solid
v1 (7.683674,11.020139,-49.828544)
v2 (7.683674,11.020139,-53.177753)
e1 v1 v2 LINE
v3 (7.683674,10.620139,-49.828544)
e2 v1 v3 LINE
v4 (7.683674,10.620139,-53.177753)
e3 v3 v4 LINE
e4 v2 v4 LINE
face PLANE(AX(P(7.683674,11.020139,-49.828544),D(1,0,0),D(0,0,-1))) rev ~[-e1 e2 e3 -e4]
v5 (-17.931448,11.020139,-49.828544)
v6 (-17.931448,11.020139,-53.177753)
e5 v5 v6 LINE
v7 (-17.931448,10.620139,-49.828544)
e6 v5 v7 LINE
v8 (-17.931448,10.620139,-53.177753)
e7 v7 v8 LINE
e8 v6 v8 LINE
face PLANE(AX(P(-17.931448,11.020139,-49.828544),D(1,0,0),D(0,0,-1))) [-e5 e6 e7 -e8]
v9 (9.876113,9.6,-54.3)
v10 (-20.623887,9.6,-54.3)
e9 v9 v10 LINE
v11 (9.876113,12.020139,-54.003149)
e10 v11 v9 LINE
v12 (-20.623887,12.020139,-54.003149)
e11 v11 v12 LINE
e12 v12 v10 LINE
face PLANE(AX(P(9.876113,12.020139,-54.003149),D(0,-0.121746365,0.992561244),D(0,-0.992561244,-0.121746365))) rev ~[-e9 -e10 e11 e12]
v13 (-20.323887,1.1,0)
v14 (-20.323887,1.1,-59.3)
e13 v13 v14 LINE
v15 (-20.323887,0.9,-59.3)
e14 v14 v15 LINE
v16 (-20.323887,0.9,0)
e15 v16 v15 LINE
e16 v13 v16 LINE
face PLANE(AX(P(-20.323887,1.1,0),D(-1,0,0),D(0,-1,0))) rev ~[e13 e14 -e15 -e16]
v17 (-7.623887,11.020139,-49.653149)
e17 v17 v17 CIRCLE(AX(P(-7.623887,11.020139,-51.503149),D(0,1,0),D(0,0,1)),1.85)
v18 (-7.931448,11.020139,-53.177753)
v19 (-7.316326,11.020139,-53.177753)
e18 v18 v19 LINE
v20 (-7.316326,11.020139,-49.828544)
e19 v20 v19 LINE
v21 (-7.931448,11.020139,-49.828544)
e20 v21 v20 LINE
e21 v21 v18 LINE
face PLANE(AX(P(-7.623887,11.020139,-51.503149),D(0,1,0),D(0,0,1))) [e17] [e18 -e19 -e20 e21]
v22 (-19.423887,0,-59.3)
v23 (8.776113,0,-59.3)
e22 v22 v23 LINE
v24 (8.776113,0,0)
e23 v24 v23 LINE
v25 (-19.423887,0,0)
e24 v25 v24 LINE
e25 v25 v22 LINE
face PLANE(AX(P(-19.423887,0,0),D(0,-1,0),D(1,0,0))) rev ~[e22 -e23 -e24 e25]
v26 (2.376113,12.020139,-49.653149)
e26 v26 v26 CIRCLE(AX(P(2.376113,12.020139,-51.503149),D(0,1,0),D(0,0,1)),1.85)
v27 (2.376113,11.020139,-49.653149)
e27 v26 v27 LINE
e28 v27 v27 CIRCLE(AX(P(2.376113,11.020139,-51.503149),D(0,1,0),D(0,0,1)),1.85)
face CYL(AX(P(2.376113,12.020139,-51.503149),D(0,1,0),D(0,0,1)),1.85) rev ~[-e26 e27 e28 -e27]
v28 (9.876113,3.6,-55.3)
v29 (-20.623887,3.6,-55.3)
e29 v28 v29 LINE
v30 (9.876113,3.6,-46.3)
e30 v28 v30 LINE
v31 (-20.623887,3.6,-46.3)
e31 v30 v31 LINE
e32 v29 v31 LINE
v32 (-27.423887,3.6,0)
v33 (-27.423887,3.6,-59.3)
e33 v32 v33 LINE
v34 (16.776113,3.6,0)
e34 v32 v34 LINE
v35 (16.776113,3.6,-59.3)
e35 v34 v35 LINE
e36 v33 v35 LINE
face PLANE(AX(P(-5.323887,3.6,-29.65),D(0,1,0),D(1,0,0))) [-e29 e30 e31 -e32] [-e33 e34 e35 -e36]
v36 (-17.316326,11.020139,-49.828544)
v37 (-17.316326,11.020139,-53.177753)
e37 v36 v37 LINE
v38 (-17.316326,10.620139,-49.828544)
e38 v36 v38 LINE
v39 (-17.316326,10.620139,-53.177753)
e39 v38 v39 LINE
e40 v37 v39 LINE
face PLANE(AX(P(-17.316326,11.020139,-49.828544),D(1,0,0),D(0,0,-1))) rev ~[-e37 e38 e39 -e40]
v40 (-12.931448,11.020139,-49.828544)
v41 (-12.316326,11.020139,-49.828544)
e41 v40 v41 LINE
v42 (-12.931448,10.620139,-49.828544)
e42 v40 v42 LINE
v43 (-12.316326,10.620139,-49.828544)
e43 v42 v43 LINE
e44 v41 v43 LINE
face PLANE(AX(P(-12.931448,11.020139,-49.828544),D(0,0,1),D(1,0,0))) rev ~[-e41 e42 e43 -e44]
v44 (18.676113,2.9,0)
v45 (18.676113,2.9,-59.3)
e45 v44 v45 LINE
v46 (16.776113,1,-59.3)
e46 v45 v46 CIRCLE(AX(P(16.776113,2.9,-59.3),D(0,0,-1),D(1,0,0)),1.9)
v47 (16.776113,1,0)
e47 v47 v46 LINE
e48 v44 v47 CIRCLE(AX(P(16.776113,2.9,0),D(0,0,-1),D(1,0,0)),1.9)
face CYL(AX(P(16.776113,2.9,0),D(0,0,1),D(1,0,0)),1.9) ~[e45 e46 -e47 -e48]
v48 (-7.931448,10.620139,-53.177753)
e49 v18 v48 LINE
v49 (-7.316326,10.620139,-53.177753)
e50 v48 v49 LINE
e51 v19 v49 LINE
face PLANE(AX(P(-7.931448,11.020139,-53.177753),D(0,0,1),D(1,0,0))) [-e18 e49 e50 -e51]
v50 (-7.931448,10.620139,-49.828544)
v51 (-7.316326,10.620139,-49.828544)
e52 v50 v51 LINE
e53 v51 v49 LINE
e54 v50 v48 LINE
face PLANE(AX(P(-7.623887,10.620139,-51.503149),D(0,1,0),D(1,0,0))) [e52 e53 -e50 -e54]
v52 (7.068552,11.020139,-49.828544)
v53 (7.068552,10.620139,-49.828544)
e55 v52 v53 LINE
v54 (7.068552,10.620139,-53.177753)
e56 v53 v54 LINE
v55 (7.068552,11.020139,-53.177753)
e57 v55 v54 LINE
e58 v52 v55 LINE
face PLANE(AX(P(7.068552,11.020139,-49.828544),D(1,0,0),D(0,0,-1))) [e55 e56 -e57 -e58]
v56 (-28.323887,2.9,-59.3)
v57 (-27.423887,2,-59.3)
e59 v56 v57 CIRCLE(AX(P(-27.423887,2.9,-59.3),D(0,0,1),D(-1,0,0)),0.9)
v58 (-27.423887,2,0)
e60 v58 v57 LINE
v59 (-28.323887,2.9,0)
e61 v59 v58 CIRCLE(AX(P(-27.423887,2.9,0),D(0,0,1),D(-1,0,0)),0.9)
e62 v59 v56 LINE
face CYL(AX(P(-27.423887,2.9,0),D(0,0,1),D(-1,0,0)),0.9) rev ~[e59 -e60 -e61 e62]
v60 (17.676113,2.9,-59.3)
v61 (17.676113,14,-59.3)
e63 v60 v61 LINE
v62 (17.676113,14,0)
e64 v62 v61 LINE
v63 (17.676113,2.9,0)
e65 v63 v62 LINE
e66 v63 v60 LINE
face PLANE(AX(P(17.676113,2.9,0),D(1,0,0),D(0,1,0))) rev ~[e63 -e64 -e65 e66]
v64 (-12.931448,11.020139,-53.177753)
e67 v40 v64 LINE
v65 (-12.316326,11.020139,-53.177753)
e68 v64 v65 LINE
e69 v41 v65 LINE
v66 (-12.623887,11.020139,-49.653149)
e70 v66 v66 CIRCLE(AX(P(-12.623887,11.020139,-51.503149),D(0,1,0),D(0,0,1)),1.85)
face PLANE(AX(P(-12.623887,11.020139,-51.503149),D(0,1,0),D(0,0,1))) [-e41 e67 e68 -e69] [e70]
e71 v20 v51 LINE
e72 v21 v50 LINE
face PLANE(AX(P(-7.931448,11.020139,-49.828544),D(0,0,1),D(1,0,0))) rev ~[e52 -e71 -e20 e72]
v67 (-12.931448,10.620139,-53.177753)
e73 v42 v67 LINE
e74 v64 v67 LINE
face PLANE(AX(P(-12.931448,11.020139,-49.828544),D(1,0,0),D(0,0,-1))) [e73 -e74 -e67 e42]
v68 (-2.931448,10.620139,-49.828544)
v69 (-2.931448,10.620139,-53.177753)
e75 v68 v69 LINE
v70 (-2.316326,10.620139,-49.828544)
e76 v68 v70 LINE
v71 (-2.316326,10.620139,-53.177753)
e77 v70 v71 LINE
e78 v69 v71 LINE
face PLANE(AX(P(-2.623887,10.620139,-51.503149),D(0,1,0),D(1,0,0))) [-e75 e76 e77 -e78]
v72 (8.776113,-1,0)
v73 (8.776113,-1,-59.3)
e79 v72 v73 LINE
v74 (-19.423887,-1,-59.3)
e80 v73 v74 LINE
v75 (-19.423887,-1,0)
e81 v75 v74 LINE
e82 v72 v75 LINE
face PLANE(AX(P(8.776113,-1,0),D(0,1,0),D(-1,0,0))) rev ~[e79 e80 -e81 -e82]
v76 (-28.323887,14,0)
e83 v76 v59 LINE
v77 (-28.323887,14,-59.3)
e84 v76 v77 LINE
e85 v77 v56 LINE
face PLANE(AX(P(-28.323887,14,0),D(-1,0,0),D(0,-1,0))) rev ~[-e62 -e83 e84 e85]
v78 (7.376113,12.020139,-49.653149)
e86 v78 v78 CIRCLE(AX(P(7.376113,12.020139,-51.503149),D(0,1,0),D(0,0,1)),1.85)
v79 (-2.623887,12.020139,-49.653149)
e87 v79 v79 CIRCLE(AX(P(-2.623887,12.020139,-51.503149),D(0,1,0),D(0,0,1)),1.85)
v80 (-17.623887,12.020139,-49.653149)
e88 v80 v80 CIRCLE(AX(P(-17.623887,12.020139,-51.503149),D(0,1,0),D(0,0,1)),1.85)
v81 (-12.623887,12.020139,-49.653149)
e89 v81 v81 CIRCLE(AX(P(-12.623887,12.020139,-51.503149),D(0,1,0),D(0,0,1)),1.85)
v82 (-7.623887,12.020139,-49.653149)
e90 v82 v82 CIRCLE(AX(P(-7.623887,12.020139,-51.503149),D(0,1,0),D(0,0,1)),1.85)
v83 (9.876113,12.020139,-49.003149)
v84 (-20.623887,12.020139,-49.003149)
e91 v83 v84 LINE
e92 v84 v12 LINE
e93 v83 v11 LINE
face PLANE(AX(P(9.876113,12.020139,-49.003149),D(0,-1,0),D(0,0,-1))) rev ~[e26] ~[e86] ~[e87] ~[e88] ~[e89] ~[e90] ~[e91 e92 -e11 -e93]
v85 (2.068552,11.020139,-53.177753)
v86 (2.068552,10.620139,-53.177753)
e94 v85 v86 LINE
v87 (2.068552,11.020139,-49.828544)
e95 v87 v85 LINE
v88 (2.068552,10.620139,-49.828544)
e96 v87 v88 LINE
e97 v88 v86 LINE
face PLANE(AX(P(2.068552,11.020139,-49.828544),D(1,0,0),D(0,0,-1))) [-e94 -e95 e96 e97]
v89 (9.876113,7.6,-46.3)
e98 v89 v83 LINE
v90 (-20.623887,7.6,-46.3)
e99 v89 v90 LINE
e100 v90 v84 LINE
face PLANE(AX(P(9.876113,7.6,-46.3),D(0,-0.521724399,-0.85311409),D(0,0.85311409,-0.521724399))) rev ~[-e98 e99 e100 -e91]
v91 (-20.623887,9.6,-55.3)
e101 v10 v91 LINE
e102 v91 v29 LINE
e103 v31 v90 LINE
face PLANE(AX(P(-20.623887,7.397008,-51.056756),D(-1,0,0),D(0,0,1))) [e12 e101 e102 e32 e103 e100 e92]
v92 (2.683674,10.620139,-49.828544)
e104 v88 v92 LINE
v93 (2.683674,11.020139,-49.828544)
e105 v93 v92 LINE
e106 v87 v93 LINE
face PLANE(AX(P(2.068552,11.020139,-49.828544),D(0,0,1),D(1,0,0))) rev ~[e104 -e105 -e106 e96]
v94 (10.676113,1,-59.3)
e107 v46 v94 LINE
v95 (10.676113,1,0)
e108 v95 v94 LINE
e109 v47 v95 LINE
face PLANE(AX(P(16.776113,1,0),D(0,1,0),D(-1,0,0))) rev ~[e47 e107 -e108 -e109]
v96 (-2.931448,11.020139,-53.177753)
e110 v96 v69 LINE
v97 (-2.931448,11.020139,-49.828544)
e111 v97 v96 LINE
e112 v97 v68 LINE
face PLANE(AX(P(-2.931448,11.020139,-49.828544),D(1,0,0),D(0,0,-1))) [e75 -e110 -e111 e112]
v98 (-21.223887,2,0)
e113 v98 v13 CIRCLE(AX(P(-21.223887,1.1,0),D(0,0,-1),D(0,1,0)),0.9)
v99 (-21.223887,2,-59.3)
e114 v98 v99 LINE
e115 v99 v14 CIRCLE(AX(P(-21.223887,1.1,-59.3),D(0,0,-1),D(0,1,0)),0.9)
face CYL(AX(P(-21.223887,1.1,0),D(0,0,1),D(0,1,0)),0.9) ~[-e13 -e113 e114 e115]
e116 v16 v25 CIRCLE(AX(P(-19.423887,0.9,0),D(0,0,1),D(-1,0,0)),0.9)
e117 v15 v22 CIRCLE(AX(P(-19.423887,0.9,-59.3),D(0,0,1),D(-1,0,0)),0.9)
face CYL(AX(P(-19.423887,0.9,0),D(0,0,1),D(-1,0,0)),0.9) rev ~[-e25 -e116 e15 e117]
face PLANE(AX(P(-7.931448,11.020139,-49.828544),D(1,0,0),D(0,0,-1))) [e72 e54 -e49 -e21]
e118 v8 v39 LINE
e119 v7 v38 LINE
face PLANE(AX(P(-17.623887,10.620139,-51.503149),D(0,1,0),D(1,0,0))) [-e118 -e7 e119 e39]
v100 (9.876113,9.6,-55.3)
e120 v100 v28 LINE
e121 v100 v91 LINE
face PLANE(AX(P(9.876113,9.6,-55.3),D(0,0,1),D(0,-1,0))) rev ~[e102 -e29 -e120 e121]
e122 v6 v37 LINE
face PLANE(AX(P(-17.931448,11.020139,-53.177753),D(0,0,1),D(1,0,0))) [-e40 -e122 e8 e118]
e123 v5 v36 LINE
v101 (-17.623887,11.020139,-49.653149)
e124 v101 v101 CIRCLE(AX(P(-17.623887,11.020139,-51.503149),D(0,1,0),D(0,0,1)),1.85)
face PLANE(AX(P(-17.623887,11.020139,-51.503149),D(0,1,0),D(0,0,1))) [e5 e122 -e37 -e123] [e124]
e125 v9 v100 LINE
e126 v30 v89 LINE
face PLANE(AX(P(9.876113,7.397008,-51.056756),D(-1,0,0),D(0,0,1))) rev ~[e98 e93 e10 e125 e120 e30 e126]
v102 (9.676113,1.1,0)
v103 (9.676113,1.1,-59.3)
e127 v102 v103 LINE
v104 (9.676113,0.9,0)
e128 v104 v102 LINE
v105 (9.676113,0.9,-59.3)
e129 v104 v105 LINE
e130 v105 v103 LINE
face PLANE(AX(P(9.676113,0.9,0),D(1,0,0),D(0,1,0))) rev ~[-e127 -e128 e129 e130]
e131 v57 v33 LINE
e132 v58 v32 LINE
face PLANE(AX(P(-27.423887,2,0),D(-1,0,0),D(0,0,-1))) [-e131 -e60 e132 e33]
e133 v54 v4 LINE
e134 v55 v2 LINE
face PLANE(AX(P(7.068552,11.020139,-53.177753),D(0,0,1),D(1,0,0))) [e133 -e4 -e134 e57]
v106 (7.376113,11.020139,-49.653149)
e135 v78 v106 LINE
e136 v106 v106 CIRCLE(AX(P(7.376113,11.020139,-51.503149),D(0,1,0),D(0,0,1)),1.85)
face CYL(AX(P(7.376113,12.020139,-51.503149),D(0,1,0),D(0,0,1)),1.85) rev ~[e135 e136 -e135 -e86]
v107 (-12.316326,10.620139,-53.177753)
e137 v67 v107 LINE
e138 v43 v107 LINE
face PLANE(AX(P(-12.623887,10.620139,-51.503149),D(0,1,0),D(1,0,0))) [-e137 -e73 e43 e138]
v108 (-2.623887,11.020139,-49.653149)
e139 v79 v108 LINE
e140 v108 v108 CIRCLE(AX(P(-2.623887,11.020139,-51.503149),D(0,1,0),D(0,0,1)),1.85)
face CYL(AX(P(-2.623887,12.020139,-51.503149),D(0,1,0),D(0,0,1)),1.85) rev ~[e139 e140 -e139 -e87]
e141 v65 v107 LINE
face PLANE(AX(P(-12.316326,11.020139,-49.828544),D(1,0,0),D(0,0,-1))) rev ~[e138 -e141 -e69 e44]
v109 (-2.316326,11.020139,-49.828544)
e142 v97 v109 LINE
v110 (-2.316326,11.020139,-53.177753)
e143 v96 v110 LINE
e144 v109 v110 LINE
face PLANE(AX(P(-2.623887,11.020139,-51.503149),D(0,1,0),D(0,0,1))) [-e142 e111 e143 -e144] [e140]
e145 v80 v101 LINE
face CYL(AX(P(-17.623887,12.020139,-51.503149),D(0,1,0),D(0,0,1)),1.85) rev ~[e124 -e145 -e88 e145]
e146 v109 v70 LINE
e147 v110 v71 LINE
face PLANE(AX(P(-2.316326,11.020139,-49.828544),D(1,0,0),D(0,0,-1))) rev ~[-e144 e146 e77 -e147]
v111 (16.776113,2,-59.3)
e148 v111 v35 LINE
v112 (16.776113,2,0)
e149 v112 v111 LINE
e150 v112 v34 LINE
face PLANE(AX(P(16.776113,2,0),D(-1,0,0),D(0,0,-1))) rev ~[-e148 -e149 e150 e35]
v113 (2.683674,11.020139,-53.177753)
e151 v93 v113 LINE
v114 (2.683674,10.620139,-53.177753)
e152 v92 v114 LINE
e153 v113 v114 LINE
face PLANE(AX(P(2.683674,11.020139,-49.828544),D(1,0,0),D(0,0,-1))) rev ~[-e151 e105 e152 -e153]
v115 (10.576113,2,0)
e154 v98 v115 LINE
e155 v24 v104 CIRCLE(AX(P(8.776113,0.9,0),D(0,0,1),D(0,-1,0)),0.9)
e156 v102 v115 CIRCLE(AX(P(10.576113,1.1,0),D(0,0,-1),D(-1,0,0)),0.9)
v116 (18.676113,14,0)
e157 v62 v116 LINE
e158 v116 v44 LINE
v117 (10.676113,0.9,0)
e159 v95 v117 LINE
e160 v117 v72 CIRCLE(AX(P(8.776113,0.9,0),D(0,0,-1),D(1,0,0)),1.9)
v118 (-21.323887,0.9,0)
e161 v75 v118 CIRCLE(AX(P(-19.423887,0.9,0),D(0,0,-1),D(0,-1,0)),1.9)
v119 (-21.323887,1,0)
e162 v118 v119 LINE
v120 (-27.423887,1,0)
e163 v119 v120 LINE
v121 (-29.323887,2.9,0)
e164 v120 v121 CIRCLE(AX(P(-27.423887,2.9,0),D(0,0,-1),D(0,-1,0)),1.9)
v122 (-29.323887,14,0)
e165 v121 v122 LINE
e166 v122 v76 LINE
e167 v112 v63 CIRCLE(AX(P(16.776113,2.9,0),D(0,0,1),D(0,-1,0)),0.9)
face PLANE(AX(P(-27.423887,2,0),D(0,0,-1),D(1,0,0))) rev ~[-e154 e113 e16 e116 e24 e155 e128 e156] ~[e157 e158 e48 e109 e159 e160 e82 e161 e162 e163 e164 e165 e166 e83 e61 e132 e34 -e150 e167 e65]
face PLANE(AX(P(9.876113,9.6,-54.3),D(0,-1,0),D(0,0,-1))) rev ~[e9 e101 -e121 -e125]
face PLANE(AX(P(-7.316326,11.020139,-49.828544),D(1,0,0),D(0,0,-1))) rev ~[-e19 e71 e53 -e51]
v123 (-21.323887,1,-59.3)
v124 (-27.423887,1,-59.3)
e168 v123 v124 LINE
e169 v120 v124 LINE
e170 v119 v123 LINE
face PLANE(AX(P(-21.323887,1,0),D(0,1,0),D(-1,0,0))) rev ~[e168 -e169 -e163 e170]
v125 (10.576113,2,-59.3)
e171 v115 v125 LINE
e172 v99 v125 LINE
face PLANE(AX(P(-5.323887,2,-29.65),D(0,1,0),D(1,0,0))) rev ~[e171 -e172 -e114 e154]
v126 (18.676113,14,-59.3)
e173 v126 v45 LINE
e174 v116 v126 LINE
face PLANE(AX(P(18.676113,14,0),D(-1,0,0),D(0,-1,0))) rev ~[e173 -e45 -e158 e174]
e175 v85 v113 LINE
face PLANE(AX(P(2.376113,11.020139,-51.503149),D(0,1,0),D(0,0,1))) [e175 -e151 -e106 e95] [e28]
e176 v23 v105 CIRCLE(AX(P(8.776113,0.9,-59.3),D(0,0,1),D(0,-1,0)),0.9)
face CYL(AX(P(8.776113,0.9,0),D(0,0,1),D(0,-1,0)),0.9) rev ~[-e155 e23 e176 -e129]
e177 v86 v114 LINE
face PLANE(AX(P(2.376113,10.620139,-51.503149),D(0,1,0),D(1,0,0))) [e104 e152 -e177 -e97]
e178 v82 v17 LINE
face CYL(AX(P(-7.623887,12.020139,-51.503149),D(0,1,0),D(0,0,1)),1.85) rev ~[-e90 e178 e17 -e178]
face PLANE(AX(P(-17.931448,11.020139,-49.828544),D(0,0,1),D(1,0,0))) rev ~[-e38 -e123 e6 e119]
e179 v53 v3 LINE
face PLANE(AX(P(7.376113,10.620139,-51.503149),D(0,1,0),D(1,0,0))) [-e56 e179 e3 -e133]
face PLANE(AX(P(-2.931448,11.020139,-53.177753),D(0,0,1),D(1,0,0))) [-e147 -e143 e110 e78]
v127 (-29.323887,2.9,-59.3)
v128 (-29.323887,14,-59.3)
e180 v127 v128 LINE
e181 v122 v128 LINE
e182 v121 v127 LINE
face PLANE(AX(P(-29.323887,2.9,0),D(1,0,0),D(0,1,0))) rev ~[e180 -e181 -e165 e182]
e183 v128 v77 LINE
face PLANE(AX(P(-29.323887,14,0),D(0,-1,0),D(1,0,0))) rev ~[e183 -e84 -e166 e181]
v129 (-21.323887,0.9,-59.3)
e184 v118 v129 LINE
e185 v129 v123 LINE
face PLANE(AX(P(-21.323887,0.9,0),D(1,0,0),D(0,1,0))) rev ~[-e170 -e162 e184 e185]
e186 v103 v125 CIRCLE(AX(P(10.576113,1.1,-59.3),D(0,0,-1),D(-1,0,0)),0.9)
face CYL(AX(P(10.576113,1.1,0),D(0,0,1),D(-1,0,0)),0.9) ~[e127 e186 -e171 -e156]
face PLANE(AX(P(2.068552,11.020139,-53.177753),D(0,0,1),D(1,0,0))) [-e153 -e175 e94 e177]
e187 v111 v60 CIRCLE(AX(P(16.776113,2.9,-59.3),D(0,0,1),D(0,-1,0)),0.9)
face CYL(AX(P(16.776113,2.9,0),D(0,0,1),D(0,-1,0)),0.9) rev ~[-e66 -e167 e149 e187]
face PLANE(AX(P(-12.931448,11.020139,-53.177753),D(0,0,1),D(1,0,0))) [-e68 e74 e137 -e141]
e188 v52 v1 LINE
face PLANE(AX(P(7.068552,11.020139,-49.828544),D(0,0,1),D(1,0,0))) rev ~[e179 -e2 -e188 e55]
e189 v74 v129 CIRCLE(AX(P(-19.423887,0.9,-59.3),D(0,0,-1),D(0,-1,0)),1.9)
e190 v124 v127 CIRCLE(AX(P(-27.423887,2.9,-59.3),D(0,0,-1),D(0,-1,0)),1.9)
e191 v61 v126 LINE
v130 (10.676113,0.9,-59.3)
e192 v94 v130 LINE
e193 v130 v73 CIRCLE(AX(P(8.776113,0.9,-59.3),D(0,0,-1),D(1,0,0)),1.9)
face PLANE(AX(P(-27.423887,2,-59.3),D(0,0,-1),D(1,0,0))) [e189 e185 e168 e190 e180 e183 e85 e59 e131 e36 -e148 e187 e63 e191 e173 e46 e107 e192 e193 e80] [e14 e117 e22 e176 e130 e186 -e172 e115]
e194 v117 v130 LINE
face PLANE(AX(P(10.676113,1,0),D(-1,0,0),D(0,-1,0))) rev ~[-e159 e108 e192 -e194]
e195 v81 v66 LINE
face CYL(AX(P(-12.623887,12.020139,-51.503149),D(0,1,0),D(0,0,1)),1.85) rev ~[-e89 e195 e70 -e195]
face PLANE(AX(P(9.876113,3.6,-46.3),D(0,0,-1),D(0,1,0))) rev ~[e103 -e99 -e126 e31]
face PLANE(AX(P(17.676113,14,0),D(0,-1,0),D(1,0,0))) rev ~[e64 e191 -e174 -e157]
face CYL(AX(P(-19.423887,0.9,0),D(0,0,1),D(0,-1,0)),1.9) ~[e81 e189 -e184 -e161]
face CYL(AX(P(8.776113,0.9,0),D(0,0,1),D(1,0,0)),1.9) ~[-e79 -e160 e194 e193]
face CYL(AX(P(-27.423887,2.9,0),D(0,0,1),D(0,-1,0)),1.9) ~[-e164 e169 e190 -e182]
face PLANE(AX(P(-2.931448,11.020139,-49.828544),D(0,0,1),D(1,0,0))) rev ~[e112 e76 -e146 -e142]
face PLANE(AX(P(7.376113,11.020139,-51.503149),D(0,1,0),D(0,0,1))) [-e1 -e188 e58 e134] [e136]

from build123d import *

# Parameters (mm, degrees)
EXTRUDE_THIN1_DEPTH = 59.3
SKETCH2_W           = 44.2
SKETCH2_H           = 59.3
EXTRUDE1_DEPTH      = 1.6
EXTRUDE2_DEPTH      = 30.5
SKETCH4_R           = 1.85
EXTRUDE3_DEPTH      = 1.5
SKETCH6_R           = 1.85
EXTRUDE4_DEPTH      = 0.5
SKETCH8_W           = 0.615121557
SKETCH8_H           = 3.349209548
EXTRUDE5_DEPTH      = 0.4
LPATTERN1_COUNT     = 6
LPATTERN1_PITCH     = 5


with BuildPart() as part:
    # Sketch1 → Extrude-Thin1 (new body)
    with BuildSketch(Plane.XY):
        with BuildLine():
            Line((-28.323886885, 14), (-28.323886885, 2.9))
            ThreePointArc((-28.323886885, 2.9), (-28.060282988, 2.263603897), (-27.423886885, 2))
            Line((-27.423886885, 2), (-21.223886885, 2))
            ThreePointArc((-21.223886885, 2), (-20.587490782, 1.736396103), (-20.323886885, 1.1))
            Line((-20.323886885, 1.1), (-20.323886885, 0.9))
            ThreePointArc((-20.323886885, 0.9), (-20.060282988, 0.263603897), (-19.423886885, 0))
            Line((-19.423886885, 0), (8.776113115, 0))
            ThreePointArc((8.776113115, 0), (9.412509218, 0.263603897), (9.676113115, 0.9))
            Line((9.676113115, 0.9), (9.676113115, 1.1))
            ThreePointArc((9.676113115, 1.1), (9.939717012, 1.736396103), (10.576113115, 2))
            Line((10.576113115, 2), (16.776113115, 2))
            ThreePointArc((16.776113115, 2), (17.412509218, 2.263603897), (17.676113115, 2.9))
            Line((17.676113115, 2.9), (17.676113115, 14))
            Line((17.676113115, 14), (18.676113115, 14))
            Line((18.676113115, 14), (18.676113115, 2.9))
            ThreePointArc((18.676113115, 2.9), (18.119615999, 1.556497116), (16.776113115, 1))
            Line((16.776113115, 1), (10.676113115, 1))
            Line((10.676113115, 1), (10.676113115, 0.9))
            ThreePointArc((10.676113115, 0.9), (10.119615999, -0.443502884), (8.776113115, -1))
            Line((8.776113115, -1), (-19.423886885, -1))
            ThreePointArc((-19.423886885, -1), (-20.767389769, -0.443502884), (-21.323886885, 0.9))
            Line((-21.323886885, 0.9), (-21.323886885, 1))
            Line((-21.323886885, 1), (-27.423886885, 1))
            ThreePointArc((-27.423886885, 1), (-28.767389769, 1.556497116), (-29.323886885, 2.9))
            Line((-29.323886885, 2.9), (-29.323886885, 14))
            Line((-29.323886885, 14), (-28.323886885, 14))
        make_face()
    extrude(amount=-EXTRUDE_THIN1_DEPTH)



with BuildPart() as body_2:
    # Sketch2 → Extrude1 (new body)
    with BuildSketch(Plane(origin=(0, 2, 0), x_dir=(1, 0, 0), z_dir=(0, 1, 0))):
        with Locations((-5.323886885, 29.65)):
            Rectangle(SKETCH2_W, SKETCH2_H)
    extrude(amount=EXTRUDE1_DEPTH)


with BuildPart() as part_1:
    add(part.part)

    add(body_2.part)  # Extrude2 merges body 2
    # Sketch3 → Extrude2 (add)
    with BuildSketch(Plane.ZY.offset(-9.876113115)):
        Polygon((-55.3, 3.6), (-46.3, 3.6), (-46.3, 7.6), (-49.003148697, 12.020138766), (-54.003148697, 12.020138766), (-54.3, 9.6), (-55.3, 9.6), align=None)
    extrude(amount=EXTRUDE2_DEPTH)

    # Sketch4 → Extrude3 (cut)
    with BuildSketch(Plane(origin=(0, 12.020138766, 0), x_dir=(1, 0, 0), z_dir=(0, 1, 0))):
        with Locations(Location((-17.623886885, 51.503148697, 0), (0, 0, 270))):
            Circle(SKETCH4_R)
    extrude3 = extrude(amount=-EXTRUDE3_DEPTH, mode=Mode.SUBTRACT)

    # Sketch6 → Extrude4 (add)
    with BuildSketch(Plane(origin=(0, 10.520138766, 0), x_dir=(1, 0, 0), z_dir=(0, 1, 0))):
        with Locations(Location((-17.623886885, 51.503148697, 0), (0, 0, 270))):
            Circle(SKETCH6_R)
    extrude4 = extrude(amount=EXTRUDE4_DEPTH)

    # Sketch8 → Extrude5 (cut)
    with BuildSketch(Plane(origin=(0, 11.020138766, 0), x_dir=(1, 0, 0), z_dir=(0, 1, 0))):
        with Locations((-17.623886885, 51.503148697)):
            Rectangle(SKETCH8_W, SKETCH8_H)
    extrude5 = extrude(amount=-EXTRUDE5_DEPTH, mode=Mode.SUBTRACT)

    # LPattern1: Extrude3, Extrude4, Extrude5 ×6
    with Locations(*[(i * LPATTERN1_PITCH, 0, 0) for i in range(1, LPATTERN1_COUNT)]):
        add(extrude3, mode=Mode.SUBTRACT)
        add(extrude4)
        add(extrude5, mode=Mode.SUBTRACT)


solid = part_1.part
